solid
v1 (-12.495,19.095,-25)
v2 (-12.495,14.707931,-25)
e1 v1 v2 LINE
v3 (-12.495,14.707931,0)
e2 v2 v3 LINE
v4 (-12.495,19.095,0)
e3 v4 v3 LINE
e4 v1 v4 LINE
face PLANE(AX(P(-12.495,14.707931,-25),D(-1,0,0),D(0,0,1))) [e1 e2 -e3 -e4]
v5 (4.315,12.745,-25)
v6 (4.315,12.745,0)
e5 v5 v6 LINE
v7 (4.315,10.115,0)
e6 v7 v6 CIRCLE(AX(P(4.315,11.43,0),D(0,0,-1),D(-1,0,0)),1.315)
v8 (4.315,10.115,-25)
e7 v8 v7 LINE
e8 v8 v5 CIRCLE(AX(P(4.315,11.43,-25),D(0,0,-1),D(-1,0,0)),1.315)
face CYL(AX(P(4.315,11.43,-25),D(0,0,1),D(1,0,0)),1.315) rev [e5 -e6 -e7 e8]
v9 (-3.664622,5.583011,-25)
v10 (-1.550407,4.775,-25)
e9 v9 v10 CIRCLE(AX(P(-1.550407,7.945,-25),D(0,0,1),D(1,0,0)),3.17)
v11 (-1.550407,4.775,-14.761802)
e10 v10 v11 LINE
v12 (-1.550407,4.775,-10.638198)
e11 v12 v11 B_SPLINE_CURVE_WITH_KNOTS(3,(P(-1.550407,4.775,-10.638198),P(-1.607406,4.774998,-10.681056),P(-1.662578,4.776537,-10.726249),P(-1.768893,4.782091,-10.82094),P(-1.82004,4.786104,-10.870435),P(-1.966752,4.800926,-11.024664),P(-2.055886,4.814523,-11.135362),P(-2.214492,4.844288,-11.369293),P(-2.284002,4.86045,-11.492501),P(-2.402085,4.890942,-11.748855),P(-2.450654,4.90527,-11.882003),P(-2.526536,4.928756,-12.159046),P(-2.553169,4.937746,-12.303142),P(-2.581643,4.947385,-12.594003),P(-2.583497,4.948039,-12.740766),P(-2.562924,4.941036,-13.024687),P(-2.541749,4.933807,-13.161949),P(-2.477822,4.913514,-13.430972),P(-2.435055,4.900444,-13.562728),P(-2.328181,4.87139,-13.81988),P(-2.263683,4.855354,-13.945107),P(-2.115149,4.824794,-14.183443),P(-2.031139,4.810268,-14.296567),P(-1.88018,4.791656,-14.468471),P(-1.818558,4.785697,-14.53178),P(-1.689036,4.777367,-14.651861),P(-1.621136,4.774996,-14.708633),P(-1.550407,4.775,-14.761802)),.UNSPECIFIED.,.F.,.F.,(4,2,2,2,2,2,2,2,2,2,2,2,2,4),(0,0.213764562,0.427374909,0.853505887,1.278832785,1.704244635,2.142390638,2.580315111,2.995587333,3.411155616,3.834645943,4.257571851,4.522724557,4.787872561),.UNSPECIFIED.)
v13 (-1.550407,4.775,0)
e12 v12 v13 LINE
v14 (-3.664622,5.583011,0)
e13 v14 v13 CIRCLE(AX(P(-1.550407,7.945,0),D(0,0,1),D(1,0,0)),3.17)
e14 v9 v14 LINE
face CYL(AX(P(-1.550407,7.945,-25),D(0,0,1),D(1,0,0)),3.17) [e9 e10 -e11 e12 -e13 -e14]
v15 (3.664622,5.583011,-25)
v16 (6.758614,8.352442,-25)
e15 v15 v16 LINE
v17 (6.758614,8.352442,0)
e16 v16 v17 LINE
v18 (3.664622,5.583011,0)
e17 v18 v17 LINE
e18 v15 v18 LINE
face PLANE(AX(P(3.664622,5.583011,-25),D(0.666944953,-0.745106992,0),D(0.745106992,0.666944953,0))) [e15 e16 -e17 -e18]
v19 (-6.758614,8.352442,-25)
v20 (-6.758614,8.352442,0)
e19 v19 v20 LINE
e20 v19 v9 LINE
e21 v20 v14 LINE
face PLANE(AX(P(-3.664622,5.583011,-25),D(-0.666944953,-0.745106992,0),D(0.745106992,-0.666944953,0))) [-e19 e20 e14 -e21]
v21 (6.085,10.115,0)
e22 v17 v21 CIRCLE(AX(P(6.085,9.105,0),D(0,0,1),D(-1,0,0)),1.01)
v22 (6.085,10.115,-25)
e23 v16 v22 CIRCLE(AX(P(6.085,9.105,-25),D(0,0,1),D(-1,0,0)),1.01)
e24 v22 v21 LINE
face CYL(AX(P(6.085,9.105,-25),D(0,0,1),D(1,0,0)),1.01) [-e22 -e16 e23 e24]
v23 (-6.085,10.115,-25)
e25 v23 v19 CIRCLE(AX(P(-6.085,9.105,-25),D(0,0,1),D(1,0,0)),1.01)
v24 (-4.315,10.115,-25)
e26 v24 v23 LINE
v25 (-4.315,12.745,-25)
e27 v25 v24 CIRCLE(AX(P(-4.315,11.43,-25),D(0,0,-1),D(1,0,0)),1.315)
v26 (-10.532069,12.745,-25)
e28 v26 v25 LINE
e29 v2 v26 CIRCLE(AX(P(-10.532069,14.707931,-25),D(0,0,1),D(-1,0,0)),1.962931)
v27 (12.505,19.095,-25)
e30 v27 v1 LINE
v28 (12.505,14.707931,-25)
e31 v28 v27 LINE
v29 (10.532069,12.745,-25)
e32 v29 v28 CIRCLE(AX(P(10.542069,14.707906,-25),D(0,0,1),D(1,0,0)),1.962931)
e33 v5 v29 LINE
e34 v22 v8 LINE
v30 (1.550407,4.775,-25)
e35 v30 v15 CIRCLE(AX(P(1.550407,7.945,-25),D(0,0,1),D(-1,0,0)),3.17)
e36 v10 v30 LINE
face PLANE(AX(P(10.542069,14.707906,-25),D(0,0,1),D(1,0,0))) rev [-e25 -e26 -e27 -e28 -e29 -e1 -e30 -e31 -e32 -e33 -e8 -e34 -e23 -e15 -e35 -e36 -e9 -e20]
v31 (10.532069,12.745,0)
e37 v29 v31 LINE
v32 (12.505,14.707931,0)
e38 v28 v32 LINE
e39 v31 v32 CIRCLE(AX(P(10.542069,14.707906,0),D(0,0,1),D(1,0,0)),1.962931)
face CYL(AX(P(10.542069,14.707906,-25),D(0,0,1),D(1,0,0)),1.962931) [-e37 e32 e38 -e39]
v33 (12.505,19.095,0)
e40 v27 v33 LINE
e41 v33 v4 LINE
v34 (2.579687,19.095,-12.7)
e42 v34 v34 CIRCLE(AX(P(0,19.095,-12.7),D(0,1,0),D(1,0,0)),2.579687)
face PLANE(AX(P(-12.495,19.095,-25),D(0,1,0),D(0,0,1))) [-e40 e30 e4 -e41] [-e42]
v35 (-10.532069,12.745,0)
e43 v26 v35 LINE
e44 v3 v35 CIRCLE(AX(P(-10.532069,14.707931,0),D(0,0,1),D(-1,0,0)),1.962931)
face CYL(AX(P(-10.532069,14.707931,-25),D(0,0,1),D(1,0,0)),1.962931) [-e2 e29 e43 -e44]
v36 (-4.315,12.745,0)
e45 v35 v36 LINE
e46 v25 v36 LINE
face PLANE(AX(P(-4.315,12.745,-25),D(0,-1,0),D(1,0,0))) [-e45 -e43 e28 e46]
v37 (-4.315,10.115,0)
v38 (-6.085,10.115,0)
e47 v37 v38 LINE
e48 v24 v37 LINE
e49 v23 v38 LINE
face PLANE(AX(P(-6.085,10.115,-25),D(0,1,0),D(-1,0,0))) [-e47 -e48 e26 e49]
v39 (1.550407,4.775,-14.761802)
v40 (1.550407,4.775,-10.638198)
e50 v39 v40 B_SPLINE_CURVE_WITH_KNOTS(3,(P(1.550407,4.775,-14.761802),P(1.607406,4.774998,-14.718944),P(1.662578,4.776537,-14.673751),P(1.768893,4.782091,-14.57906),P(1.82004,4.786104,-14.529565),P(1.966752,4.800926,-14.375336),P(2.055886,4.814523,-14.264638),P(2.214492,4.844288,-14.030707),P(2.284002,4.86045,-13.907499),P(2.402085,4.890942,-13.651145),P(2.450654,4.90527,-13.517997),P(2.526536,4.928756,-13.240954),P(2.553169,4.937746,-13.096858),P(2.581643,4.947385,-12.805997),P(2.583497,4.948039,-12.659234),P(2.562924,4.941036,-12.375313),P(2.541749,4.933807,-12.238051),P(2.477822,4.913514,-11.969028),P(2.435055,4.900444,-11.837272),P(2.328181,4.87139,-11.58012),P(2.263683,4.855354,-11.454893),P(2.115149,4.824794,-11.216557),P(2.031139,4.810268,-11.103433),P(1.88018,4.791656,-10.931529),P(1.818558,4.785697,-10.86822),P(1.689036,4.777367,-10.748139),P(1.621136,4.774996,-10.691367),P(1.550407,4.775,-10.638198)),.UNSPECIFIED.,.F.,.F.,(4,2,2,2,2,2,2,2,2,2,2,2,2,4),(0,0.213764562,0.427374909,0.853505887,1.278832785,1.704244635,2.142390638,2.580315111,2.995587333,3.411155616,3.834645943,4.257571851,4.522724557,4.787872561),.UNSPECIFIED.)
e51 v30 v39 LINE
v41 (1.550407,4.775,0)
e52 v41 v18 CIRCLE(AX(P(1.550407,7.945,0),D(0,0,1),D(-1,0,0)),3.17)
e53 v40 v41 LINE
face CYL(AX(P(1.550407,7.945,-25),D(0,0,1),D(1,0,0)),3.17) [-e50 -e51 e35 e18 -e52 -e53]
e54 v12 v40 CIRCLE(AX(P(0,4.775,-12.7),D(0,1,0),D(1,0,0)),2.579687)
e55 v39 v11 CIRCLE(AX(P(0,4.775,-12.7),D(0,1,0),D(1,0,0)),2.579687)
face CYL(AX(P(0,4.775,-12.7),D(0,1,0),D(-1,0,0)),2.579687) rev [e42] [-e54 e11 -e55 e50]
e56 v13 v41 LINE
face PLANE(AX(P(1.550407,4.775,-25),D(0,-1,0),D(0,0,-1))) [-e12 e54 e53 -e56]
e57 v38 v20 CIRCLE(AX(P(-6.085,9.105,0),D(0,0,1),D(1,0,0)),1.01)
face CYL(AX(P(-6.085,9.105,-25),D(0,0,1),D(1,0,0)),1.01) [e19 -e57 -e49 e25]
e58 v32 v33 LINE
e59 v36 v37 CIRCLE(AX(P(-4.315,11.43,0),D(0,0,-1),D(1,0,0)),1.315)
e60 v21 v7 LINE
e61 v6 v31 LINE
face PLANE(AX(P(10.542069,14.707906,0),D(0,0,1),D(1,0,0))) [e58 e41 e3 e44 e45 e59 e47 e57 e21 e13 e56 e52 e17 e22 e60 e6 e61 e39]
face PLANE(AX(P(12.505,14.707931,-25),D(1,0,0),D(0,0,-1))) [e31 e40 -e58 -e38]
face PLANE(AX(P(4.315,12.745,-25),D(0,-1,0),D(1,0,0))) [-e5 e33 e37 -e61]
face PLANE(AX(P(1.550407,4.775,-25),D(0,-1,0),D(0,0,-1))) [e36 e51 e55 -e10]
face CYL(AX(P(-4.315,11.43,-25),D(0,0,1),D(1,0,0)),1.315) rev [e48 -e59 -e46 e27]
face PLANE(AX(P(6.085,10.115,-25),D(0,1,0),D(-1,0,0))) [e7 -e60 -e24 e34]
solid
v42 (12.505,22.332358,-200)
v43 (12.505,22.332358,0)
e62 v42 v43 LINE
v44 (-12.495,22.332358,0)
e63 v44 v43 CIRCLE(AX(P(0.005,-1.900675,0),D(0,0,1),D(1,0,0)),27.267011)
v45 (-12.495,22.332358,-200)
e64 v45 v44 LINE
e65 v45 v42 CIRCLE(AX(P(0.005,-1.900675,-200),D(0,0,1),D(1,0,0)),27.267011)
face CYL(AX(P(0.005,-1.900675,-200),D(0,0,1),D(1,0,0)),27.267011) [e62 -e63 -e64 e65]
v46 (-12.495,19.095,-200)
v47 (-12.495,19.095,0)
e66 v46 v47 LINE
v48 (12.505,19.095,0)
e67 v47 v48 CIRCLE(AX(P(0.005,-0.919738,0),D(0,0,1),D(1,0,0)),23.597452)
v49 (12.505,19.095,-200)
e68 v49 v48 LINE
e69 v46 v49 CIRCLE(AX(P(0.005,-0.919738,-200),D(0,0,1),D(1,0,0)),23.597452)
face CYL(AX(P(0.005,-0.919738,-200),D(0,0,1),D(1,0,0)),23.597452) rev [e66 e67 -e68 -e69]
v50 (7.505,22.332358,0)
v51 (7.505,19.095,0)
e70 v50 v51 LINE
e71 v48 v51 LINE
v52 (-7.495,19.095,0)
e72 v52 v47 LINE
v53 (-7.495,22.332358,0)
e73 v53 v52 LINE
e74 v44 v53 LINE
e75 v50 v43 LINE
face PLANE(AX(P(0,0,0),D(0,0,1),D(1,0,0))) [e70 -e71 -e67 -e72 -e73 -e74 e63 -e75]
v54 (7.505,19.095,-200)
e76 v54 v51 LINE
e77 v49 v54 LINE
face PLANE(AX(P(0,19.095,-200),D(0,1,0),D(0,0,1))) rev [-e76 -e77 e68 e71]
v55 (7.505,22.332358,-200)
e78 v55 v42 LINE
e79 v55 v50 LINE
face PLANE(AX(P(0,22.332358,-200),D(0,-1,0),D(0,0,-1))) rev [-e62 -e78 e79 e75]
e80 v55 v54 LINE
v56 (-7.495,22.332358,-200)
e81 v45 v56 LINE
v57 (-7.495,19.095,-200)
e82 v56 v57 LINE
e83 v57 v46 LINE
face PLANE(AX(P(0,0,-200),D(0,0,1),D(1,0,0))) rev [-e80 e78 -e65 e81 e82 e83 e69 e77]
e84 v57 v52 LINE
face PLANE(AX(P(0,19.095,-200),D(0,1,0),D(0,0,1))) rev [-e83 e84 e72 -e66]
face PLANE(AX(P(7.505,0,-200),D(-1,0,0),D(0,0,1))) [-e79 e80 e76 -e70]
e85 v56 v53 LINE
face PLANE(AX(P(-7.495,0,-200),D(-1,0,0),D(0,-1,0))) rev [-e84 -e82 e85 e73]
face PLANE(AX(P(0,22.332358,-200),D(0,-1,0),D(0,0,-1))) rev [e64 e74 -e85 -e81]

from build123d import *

# Parameters (mm, degrees)
EXTRUDE1_DEPTH      = 25
SKETCH2_R           = 2.5796875
CUT_EXTRUDE1_DEPTH  = 32.407601389
SKETCH5_W           = 5
SKETCH5_H           = 3.237358095
BOSS_EXTRUDE1_DEPTH = 200


with BuildPart() as part:
    # Sketch1 → Extrude1 (new body)
    with BuildSketch(Plane.XY):
        with BuildLine():
            Line((4.315, 12.745), (10.532068835, 12.745))
            ThreePointArc((10.532068835, 12.745), (11.926539753, 13.316381695), (12.505, 14.707931165))
            Line((12.505, 14.707931165), (12.505, 19.095))
            Line((12.505, 19.095), (-12.495, 19.095))
            Line((-12.495, 19.095), (-12.495, 14.707931165))
            ThreePointArc((-12.495, 14.707931165), (-11.920070773, 13.319929227), (-10.532068835, 12.745))
            Line((-10.532068835, 12.745), (-4.315, 12.745))
            ThreePointArc((-4.315, 12.745), (-3, 11.43), (-4.315, 10.115))
            Line((-4.315, 10.115), (-6.085, 10.115))
            ThreePointArc((-6.085, 10.115), (-7.028446777, 9.465566469), (-6.758614403, 8.352441938))
            Line((-6.758614403, 8.352441938), (-3.664622209, 5.583010835))
            ThreePointArc((-3.664622209, 5.583010835), (-2.682085626, 4.983884868), (-1.550406707, 4.775))
            Line((-1.550406707, 4.775), (1.550406707, 4.775))
            ThreePointArc((1.550406707, 4.775), (2.682085626, 4.983884868), (3.664622209, 5.583010835))
            Line((3.664622209, 5.583010835), (6.758614403, 8.352441938))
            ThreePointArc((6.758614403, 8.352441938), (7.028446777, 9.465566469), (6.085, 10.115))
            Line((6.085, 10.115), (4.315, 10.115))
            ThreePointArc((4.315, 10.115), (3, 11.43), (4.315, 12.745))
        make_face()
    extrude(amount=-EXTRUDE1_DEPTH)

    # Sketch2 → Cut-Extrude1 (cut, through all)
    with BuildSketch(Plane(origin=(0, 19.095, 0), x_dir=(1, 0, 0), z_dir=(0, 1, 0))):
        with Locations(Location((0, 12.7, 0), (0, 0, 126.94195449))):
            Circle(SKETCH2_R)
    extrude(amount=-CUT_EXTRUDE1_DEPTH, mode=Mode.SUBTRACT)


with BuildPart() as body_2:
    # Sketch5 → Boss-Extrude1 (new body)
    with BuildSketch(Plane.XY):
        with BuildLine():
            Line((-12.495, 19.095), (-12.495, 22.332358095))
            ThreePointArc((-12.495, 22.332358095), (0.005, -29.167686251), (12.505, 22.332358095))
            Line((12.505, 22.332358095), (12.505, 19.095))
            ThreePointArc((12.505, 19.095), (0.005, -24.517190702), (-12.495, 19.095))
        make_face()
        with Locations((-9.995, 20.713679048)):
            Rectangle(SKETCH5_W, SKETCH5_H)
        with Locations((10.005, 20.713679048)):
            Rectangle(SKETCH5_W, SKETCH5_H)
    extrude(amount=-BOSS_EXTRUDE1_DEPTH)


solid = Compound([part.part, body_2.part])
